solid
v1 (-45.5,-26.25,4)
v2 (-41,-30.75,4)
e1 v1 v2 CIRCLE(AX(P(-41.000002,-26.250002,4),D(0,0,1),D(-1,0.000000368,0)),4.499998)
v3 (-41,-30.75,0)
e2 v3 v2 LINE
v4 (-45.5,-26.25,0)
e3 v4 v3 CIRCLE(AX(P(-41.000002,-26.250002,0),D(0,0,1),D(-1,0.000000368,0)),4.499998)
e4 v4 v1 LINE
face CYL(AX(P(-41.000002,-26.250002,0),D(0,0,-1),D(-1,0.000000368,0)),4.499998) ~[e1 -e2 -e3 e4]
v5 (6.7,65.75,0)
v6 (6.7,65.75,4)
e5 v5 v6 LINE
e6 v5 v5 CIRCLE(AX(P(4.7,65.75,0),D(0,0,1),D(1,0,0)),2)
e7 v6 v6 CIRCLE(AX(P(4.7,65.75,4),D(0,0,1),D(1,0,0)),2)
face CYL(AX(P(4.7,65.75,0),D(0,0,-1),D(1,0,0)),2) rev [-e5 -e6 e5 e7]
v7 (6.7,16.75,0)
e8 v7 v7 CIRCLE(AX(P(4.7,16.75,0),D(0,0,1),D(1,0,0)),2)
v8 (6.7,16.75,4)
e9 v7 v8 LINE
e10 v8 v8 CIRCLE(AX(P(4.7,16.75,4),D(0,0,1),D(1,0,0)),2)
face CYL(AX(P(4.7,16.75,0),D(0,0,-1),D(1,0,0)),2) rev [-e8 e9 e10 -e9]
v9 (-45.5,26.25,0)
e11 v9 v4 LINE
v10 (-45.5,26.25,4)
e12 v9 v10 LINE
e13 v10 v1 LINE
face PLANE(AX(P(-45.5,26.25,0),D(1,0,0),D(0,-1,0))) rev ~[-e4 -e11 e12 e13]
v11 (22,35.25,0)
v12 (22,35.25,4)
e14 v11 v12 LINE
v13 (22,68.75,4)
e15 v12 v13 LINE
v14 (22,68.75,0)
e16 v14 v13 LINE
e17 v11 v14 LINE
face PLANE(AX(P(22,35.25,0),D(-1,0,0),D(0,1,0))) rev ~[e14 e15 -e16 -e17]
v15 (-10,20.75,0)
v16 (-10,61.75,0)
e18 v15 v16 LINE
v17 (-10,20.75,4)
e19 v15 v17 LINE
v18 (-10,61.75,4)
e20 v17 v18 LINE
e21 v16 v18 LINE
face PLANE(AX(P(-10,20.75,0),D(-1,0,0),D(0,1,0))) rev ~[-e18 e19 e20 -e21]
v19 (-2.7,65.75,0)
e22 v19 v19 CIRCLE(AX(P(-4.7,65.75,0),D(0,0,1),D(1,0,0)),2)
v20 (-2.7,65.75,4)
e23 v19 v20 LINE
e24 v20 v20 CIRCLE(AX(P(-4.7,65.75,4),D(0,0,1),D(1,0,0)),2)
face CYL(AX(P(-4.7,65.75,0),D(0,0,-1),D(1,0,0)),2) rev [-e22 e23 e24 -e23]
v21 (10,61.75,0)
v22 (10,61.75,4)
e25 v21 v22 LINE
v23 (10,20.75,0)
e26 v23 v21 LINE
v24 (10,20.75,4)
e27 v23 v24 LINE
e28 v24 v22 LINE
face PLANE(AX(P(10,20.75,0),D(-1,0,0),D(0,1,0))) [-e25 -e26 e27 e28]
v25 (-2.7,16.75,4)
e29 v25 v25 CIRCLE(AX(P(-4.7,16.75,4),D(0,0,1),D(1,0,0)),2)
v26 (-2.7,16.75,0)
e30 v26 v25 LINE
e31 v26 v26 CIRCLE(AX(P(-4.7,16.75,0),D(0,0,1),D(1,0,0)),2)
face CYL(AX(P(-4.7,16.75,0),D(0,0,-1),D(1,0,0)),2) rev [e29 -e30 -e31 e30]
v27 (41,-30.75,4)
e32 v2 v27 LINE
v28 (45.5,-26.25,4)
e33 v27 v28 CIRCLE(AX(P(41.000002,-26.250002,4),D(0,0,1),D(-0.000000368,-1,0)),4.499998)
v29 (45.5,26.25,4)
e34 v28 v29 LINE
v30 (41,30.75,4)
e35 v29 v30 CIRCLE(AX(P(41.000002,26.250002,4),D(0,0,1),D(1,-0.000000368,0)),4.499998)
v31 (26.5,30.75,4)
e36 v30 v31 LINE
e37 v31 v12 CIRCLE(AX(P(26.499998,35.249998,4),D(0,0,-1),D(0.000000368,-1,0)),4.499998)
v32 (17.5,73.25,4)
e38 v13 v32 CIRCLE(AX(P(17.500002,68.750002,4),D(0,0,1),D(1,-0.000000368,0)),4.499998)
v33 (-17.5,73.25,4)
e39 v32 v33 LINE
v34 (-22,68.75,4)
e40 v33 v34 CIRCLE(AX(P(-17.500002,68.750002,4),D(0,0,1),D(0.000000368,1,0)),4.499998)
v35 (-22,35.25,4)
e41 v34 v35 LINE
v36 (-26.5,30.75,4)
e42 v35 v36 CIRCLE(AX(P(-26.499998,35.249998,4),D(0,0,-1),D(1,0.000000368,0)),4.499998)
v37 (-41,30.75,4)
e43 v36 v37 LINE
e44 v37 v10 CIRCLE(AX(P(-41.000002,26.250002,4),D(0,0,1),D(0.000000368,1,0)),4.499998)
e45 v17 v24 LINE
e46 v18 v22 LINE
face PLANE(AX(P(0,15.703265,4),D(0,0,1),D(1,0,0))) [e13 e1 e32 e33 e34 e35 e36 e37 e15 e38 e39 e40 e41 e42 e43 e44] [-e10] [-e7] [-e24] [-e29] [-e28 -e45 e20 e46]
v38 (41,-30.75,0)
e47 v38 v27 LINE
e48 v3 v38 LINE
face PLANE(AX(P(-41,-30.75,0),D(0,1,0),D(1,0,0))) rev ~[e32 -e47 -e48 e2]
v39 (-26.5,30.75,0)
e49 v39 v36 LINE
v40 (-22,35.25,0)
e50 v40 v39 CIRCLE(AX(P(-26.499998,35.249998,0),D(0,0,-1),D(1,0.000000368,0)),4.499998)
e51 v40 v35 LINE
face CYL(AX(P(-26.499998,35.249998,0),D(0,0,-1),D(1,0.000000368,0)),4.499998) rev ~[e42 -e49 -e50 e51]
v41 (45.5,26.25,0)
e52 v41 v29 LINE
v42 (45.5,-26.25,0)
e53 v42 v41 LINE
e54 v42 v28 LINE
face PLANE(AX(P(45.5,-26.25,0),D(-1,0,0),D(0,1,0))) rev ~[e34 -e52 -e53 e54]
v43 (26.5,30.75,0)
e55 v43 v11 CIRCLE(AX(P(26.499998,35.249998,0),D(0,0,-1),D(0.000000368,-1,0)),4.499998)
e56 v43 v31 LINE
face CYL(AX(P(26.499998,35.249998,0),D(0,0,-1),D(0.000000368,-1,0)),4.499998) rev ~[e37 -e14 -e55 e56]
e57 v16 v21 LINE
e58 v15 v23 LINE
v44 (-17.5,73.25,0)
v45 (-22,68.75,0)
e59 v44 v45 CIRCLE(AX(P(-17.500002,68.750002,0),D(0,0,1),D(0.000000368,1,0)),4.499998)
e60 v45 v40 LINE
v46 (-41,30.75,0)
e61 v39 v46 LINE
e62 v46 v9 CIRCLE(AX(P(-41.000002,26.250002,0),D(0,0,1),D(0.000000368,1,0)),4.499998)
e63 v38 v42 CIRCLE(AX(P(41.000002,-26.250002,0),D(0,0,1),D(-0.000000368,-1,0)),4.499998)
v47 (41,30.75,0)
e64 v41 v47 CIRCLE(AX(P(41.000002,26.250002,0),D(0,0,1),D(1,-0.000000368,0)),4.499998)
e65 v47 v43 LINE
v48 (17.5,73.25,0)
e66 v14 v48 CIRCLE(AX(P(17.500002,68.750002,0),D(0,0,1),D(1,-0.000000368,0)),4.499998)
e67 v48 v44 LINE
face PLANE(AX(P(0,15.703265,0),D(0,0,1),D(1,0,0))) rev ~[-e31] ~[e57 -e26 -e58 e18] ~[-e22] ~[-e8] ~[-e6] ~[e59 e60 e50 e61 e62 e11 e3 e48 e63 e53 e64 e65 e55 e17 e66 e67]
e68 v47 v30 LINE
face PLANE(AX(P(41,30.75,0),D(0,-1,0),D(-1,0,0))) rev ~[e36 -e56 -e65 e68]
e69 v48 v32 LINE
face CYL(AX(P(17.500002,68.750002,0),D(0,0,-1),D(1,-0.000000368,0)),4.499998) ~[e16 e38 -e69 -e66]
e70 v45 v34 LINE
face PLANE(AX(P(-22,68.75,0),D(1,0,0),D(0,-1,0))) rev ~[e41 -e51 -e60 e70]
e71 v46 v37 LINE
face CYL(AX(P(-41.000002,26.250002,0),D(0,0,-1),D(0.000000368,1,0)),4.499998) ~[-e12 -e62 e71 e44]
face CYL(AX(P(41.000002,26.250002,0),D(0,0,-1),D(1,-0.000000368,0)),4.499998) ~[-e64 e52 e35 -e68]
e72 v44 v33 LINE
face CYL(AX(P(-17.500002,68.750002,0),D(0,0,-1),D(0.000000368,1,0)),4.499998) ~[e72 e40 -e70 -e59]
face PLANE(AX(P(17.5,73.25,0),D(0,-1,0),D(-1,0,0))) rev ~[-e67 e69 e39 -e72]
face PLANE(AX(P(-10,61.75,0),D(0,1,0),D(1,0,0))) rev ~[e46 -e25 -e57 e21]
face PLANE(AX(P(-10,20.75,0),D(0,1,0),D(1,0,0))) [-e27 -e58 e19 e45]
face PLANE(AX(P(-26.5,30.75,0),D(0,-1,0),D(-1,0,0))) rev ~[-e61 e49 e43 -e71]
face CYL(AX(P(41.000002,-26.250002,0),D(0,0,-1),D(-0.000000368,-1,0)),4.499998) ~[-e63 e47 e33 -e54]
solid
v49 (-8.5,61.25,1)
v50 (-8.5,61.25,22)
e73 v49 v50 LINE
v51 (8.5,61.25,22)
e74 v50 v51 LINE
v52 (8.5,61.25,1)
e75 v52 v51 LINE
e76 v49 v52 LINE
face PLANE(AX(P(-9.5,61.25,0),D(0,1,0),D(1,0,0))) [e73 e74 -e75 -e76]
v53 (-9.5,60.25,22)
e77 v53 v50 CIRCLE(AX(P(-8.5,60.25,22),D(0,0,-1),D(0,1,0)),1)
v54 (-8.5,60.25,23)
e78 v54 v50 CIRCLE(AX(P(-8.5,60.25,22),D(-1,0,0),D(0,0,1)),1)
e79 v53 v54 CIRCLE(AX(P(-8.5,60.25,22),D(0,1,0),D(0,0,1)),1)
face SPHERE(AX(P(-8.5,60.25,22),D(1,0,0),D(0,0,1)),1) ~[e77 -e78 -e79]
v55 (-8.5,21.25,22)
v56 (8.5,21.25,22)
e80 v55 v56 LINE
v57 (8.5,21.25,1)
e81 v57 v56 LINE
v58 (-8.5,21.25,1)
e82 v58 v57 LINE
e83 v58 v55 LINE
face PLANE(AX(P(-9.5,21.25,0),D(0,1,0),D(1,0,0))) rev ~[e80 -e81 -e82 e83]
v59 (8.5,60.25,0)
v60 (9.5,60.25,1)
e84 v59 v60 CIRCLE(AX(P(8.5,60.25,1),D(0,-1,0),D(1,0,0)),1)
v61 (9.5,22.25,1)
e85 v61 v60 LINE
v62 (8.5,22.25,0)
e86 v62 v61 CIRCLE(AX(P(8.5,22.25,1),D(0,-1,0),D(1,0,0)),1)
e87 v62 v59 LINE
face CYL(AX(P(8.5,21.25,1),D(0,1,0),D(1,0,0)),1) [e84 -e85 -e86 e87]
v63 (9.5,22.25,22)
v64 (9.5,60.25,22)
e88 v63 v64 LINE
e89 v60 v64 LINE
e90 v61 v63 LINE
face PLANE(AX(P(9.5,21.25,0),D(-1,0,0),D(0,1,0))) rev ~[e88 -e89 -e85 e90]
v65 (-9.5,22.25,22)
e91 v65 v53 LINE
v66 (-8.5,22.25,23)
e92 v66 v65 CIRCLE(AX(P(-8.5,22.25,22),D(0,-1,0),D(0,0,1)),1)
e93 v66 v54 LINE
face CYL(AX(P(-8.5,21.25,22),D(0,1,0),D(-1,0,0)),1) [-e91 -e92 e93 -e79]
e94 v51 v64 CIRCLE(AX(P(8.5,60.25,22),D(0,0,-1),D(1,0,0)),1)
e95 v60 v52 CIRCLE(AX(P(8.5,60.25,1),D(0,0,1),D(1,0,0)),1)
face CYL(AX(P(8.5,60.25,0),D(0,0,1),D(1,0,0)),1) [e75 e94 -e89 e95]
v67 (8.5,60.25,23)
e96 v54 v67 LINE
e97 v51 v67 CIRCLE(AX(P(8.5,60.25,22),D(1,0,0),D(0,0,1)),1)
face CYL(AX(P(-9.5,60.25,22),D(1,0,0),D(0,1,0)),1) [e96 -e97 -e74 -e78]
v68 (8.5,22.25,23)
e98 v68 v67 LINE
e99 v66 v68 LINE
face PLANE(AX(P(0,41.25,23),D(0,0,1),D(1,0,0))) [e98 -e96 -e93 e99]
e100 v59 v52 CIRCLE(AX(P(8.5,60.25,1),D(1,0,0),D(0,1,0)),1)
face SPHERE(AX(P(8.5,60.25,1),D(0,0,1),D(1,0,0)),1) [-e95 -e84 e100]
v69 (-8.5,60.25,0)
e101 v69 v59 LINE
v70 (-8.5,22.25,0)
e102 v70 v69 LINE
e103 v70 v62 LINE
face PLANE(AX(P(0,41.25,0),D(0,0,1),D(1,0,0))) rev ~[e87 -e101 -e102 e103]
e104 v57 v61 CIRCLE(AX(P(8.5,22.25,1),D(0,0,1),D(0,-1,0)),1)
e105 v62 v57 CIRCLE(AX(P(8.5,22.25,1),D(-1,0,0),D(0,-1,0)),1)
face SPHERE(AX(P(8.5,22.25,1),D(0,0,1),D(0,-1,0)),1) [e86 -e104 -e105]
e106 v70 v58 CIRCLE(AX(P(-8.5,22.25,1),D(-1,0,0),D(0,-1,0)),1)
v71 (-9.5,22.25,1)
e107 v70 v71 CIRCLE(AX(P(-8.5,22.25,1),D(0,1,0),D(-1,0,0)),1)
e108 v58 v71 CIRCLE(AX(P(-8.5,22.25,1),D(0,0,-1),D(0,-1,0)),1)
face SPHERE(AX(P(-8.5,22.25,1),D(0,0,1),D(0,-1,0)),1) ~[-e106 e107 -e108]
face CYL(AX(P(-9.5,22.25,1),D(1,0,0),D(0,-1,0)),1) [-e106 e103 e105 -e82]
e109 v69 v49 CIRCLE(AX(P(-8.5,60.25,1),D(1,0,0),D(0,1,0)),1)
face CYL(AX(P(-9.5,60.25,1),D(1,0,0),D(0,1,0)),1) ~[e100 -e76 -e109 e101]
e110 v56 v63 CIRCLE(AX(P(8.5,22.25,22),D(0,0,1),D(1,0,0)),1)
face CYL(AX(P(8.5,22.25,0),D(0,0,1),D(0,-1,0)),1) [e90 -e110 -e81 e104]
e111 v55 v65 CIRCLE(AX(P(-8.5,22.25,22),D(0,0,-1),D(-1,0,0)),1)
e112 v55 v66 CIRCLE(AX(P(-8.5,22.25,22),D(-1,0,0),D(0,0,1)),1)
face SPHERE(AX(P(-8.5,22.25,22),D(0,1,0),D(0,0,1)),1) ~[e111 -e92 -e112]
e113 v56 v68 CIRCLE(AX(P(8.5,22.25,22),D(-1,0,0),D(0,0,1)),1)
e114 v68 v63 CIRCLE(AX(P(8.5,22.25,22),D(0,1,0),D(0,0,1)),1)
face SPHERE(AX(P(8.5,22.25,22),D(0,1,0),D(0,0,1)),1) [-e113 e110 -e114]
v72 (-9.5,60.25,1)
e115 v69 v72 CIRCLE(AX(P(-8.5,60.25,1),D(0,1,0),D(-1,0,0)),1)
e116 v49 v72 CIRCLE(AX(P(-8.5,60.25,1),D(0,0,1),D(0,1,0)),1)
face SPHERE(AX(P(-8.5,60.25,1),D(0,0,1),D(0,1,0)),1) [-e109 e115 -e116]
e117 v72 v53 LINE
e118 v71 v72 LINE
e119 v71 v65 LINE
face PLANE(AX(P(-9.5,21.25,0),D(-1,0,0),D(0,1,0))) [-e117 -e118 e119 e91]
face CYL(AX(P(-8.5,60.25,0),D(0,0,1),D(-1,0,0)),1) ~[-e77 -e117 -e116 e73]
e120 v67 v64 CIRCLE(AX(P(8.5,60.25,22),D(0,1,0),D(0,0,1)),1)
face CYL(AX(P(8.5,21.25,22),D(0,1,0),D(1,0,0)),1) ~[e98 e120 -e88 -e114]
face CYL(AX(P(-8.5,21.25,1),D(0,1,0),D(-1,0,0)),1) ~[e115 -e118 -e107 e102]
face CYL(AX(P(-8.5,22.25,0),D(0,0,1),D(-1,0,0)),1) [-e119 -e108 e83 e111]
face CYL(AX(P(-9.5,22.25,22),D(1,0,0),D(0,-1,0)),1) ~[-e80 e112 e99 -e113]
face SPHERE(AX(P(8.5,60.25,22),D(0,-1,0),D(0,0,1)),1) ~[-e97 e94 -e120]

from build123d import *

# Parameters (mm, degrees)
F0_R     = 2
F0_W     = 20
F0_H     = 41
F1_DEPTH = 4
F2_W     = 19
F2_H     = 40
F3_DEPTH = 23
F4_R     = 1


with BuildPart() as f1:
    # F0 (on Top) → F1 (new body)
    with BuildSketch(Plane.XY):
        with BuildLine():
            Line((-41, -30.75), (41, -30.75))
            ThreePointArc((41, -30.75), (44.181981, -29.431981), (45.5, -26.25))
            Line((45.5, -26.25), (45.5, 26.25))
            ThreePointArc((45.5, 26.25), (44.181981, 29.431981), (41, 30.75))
            Line((41, 30.75), (26.5, 30.75))
            ThreePointArc((26.5, 30.75), (23.318019, 32.068019), (22, 35.25))
            Line((22, 35.25), (22, 68.75))
            ThreePointArc((22, 68.75), (20.681981, 71.931981), (17.5, 73.25))
            Line((17.5, 73.25), (-17.5, 73.25))
            ThreePointArc((-17.5, 73.25), (-20.681981, 71.931981), (-22, 68.75))
            Line((-22, 68.75), (-22, 35.25))
            ThreePointArc((-22, 35.25), (-23.318019, 32.068019), (-26.5, 30.75))
            Line((-26.5, 30.75), (-41, 30.75))
            ThreePointArc((-41, 30.75), (-44.181981, 29.431981), (-45.5, 26.25))
            Line((-45.5, 26.25), (-45.5, -26.25))
            ThreePointArc((-45.5, -26.25), (-44.181981, -29.431981), (-41, -30.75))
        make_face()
        with Locations((-4.7, 16.75)):
            Circle(F0_R, mode=Mode.SUBTRACT)
        with Locations((4.7, 16.75)):
            Circle(F0_R, mode=Mode.SUBTRACT)
        with Locations((-4.7, 65.75)):
            Circle(F0_R, mode=Mode.SUBTRACT)
        with Locations((0, 41.25)):
            Rectangle(F0_W, F0_H, mode=Mode.SUBTRACT)
        with Locations((4.7, 65.75)):
            Circle(F0_R, mode=Mode.SUBTRACT)
    extrude(amount=F1_DEPTH)


with BuildPart() as f3:
    # F2 (on Top) → F3 (new body)
    with BuildSketch(Plane.XY):
        with Locations((0, 41.25)):
            Rectangle(F2_W, F2_H)
    extrude(amount=F3_DEPTH)

    # F4
    f4_edges = [f3.edges().sort_by_distance(p)[0] for p in [
        (9.5, 41.25, 23),
        (0, 61.25, 23),
        (-9.5, 41.25, 23),
        (0, 21.25, 23),
        (-9.5, 21.25, 11.5),
        (9.5, 21.25, 11.5),
        (0, 21.25, 0),
        (9.5, 61.25, 11.5),
        (9.5, 41.25, 0),
        (-9.5, 61.25, 11.5),
        (0, 61.25, 0),
        (-9.5, 41.25, 0),
    ]]
    fillet(f4_edges, radius=F4_R)


solid = Compound([f1.part, f3.part])
